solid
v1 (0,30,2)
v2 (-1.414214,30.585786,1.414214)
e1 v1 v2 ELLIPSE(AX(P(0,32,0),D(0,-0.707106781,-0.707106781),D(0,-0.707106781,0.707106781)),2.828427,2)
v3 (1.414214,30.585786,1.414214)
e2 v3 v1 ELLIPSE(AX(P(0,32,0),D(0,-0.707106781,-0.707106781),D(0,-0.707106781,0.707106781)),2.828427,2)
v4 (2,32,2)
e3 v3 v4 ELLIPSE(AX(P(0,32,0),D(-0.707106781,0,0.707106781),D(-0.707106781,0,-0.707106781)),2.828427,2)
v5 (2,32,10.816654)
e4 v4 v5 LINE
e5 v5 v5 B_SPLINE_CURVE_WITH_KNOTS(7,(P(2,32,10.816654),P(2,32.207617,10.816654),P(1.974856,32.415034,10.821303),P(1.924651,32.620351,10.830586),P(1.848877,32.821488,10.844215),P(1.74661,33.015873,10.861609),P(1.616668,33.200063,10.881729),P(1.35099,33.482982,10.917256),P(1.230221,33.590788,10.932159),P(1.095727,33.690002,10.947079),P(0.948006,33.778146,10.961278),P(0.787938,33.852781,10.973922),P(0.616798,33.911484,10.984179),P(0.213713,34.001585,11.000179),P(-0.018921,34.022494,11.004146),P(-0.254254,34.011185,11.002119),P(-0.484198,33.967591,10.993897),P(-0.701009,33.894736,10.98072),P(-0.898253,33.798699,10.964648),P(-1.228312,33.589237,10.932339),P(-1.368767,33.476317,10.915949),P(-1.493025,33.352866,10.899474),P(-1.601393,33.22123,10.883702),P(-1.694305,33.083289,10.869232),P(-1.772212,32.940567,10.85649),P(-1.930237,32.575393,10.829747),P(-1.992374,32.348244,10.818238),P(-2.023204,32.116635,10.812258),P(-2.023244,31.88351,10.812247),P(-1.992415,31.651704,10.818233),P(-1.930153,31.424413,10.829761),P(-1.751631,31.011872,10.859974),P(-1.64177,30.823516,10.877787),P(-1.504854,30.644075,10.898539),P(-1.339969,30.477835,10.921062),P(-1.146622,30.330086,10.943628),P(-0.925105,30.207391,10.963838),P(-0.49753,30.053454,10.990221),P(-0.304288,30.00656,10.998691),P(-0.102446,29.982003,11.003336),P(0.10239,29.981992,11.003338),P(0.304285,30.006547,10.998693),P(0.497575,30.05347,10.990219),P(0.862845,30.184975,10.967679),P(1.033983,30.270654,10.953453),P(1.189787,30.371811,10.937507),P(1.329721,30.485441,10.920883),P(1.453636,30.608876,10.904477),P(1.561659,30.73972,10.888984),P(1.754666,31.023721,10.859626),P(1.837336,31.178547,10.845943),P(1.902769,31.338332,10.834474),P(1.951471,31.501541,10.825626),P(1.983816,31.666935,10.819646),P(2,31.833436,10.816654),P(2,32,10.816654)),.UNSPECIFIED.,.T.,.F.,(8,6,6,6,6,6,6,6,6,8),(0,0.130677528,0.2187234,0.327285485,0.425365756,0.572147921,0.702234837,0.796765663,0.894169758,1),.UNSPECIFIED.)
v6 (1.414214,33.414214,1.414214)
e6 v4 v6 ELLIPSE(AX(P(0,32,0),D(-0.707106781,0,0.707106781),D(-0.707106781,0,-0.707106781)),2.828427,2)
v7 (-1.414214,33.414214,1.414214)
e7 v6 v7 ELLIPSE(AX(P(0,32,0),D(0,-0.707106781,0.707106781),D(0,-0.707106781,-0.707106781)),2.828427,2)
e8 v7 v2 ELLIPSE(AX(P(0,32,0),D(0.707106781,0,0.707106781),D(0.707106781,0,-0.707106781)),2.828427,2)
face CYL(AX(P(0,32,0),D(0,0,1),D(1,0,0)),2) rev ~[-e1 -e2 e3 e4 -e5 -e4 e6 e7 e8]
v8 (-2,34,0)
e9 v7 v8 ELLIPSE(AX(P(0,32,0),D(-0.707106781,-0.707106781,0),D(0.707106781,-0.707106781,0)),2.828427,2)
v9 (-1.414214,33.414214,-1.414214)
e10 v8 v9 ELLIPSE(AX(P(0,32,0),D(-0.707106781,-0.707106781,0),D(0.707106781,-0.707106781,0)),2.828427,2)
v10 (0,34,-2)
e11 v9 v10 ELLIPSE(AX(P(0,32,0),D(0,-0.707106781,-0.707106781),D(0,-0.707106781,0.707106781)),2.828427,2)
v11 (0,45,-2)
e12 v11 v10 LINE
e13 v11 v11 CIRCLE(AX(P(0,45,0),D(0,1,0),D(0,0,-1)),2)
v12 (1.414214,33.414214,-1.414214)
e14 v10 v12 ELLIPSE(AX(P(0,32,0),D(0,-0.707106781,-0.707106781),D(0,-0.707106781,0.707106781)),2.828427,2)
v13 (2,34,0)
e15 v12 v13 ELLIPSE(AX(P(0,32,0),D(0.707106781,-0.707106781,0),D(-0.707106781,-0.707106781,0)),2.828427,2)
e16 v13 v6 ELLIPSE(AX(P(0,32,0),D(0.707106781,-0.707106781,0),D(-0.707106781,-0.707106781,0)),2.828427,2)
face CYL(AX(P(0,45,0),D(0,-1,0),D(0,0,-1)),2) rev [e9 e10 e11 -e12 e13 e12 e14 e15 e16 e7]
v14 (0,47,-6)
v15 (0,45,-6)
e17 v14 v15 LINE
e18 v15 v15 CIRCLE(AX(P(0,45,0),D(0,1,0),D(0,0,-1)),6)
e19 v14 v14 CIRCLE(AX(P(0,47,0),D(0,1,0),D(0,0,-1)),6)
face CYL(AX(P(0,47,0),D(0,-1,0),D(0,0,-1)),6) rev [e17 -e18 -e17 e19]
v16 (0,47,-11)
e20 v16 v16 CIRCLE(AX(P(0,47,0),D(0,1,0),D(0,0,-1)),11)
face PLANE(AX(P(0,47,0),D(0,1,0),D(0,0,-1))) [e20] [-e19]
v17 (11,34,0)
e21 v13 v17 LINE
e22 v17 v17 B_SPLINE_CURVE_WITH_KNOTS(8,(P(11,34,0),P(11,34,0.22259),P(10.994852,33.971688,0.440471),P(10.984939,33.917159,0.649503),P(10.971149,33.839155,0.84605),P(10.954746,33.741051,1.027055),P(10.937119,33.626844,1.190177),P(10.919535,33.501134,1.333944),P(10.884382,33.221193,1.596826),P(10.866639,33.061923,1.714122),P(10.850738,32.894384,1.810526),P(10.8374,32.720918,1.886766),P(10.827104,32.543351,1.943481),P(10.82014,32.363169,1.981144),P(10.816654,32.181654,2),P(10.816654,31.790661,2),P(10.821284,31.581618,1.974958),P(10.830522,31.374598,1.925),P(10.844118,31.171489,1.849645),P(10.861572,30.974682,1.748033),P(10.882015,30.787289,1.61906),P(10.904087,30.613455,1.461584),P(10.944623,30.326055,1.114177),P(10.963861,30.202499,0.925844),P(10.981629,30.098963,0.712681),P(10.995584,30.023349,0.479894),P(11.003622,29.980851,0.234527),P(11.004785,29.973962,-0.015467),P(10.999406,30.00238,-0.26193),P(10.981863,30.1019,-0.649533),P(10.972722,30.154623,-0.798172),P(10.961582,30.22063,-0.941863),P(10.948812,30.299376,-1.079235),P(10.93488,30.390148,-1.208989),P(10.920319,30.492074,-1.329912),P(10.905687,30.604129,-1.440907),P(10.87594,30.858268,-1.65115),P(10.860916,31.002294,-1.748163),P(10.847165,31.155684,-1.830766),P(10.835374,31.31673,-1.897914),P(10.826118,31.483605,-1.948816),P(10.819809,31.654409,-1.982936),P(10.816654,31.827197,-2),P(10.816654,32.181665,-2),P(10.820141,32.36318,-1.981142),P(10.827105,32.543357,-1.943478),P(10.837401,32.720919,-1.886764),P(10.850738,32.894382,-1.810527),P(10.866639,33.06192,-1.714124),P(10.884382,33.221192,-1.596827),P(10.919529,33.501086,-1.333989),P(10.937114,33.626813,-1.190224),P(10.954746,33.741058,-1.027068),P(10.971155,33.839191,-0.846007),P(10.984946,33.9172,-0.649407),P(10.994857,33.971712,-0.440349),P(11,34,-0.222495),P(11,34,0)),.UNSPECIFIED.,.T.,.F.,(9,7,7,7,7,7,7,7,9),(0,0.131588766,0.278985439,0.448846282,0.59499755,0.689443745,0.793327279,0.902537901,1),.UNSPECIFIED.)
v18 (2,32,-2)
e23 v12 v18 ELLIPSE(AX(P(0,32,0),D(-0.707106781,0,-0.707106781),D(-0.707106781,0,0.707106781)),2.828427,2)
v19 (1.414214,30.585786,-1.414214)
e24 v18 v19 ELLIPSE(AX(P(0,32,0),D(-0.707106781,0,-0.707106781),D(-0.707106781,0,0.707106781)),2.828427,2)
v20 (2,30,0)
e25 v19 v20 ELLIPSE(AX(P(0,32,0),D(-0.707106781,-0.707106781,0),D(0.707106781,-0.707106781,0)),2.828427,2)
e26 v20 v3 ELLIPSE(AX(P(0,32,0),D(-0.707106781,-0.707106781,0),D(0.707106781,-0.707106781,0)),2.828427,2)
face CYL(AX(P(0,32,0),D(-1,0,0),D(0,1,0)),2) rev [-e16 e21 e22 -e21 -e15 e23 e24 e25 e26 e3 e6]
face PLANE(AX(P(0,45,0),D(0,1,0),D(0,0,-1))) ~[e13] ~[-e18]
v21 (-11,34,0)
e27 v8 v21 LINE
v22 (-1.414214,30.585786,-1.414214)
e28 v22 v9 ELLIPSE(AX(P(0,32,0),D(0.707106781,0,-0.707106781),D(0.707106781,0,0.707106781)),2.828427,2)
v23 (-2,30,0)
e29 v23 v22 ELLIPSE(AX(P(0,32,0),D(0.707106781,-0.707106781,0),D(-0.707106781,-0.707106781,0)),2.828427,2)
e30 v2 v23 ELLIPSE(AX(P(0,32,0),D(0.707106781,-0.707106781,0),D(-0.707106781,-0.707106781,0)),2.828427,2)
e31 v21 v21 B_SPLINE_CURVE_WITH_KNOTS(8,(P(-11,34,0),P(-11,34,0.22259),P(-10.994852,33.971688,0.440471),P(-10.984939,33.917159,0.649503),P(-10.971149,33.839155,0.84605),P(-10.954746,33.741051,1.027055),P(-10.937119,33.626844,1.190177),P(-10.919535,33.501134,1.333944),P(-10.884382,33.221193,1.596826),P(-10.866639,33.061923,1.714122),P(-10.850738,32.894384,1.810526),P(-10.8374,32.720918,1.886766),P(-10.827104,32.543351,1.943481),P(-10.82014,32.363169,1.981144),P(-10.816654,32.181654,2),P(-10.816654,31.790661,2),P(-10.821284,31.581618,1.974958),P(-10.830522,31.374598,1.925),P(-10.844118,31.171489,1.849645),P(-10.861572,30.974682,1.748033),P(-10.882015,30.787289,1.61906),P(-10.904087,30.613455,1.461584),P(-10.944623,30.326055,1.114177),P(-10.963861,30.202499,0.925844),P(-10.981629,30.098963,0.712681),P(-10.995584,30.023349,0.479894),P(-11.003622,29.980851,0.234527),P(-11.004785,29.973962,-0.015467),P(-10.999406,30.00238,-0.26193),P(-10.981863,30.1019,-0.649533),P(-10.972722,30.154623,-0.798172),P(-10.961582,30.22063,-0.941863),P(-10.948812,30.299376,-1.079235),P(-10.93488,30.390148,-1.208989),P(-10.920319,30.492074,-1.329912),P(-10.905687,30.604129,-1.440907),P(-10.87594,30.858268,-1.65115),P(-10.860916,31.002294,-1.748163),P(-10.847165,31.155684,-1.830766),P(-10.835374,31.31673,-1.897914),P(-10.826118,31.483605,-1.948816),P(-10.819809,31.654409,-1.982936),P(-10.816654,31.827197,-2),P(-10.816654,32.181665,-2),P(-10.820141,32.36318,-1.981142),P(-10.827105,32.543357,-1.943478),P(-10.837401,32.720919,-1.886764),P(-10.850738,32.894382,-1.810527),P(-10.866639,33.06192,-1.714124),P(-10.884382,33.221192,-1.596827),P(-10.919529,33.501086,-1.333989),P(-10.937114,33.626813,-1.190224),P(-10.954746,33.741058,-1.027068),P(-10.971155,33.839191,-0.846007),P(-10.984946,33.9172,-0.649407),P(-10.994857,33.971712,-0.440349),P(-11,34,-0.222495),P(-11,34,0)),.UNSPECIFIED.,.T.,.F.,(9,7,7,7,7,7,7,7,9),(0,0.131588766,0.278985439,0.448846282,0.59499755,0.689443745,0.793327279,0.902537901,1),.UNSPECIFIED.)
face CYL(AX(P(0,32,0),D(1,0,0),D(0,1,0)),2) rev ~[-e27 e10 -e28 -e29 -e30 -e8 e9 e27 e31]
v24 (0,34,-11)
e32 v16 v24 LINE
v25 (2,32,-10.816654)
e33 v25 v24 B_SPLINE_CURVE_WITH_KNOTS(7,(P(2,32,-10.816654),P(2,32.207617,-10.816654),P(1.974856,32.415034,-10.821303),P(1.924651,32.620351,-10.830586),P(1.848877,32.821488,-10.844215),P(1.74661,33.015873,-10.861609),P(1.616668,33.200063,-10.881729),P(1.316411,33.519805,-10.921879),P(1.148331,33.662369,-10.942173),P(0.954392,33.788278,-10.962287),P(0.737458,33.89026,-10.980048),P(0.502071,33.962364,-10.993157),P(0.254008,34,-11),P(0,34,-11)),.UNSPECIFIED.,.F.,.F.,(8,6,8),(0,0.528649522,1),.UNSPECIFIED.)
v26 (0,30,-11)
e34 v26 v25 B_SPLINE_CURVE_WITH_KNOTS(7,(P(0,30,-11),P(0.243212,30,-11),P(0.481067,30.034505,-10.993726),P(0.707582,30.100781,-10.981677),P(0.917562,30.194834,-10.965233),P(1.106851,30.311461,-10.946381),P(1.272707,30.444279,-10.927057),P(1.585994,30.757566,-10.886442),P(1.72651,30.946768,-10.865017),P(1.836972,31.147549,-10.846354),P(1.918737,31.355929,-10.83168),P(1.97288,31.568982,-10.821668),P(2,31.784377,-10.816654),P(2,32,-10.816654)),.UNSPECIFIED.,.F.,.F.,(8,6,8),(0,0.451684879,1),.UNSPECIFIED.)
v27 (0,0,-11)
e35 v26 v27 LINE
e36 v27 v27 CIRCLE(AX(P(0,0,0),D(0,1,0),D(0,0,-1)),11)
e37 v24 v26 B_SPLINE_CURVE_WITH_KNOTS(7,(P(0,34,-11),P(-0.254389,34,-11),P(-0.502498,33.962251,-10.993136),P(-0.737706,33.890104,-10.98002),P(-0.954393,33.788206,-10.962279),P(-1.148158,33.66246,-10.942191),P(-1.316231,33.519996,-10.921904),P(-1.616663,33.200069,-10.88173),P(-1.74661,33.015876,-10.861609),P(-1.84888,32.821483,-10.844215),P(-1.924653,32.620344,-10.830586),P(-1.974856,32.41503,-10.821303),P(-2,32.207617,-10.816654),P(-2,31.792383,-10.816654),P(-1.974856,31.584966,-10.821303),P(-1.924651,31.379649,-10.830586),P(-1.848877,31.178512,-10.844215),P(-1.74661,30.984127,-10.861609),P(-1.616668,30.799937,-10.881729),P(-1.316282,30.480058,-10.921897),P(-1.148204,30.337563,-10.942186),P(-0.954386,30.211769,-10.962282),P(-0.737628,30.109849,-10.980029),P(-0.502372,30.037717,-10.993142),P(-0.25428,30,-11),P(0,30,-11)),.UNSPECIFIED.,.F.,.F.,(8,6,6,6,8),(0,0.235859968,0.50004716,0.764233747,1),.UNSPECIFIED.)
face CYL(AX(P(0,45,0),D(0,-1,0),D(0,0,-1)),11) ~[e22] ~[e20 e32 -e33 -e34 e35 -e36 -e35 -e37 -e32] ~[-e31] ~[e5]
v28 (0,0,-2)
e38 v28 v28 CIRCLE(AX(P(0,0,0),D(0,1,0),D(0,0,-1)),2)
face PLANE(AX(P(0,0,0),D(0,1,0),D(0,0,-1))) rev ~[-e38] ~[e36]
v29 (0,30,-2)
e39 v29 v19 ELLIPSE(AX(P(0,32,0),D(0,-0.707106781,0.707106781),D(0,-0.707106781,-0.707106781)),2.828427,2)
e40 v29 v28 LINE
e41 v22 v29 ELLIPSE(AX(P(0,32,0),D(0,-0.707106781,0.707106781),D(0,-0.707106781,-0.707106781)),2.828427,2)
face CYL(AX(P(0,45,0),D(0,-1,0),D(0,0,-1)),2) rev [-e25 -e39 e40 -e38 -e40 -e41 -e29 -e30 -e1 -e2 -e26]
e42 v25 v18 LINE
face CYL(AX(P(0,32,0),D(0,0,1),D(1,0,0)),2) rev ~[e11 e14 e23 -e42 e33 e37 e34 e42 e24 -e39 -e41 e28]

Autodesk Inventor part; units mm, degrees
ref_plane "YZ Plane" through (0, 0, 0) normal (1, 0, 0) x (0, 1, 0)
ref_plane "XZ Plane" through (0, 0, 0) normal (0, 1, 0) x (-1, 0, 0)
ref_plane "XY Plane" through (0, 0, 0) normal (0, 0, 1) x (1, 0, 0)
sketch "Sketch1" plane through (0, 0, 0) normal (1, 0, 0) x (0, 1, 0)
  line L0 (0, 0) -> (45, 0)
  line L1 (45, 0) -> (45, -11)
  line L2 (45, -11) -> (0, -11)
  line L3 (0, -11) -> (0, 0)
  line L4 (0, -11) -> (45, -11)
  line L5 (45, -11) -> (45, -2)
  line L6 (45, -2) -> (0, -2)
  line L7 (0, -2) -> (0, -11)
  line L8 (45, -11) -> (47, -11)
  line L9 (47, -11) -> (47, -6)
  line L10 (47, -6) -> (45, -6)
  line L11 (45, -6) -> (45, -11)
  point P0 (0, -2)
  dimension "d1" = 11
  dimension "d2" = 45
  dimension "d39" = 2
  dimension "d40" = 2
  dimension "d41" = 5
revolve "Revolution1" add sketch "Sketch1" angle 360 about axis through (0, 0, 0) along (0, 1, 0) contours L6 L1 L2 L3 | L10 L9 L8 L1
sketch "Sketch2" plane through (0, 0, 0) normal (1, 0, 0) x (0, 1, 0)
  circle A0 centre (32, 0) radius 2
  line L0 (45, 6) -> (45, -6) projected
  point P0 (0, 0)
  dimension "d8" = 4
  dimension "d42" = 13
extrude "Extrusion1" cut sketch "Sketch2" along normal through all both and the other way through all
sketch "Sketch3" plane through (0, 0, 0) normal (0, 0, 1) x (1, 0, 0)
  circle A0 centre (0, 32) radius 2
  line L0 (-6, 45) -> (6, 45) projected
  point P0 (0, 0)
  dimension "d13" = 4
  dimension "d43" = 13
extrude "Extrusion2" cut sketch "Sketch3" against normal through all both and the other way through all
properties part number "shaft"
